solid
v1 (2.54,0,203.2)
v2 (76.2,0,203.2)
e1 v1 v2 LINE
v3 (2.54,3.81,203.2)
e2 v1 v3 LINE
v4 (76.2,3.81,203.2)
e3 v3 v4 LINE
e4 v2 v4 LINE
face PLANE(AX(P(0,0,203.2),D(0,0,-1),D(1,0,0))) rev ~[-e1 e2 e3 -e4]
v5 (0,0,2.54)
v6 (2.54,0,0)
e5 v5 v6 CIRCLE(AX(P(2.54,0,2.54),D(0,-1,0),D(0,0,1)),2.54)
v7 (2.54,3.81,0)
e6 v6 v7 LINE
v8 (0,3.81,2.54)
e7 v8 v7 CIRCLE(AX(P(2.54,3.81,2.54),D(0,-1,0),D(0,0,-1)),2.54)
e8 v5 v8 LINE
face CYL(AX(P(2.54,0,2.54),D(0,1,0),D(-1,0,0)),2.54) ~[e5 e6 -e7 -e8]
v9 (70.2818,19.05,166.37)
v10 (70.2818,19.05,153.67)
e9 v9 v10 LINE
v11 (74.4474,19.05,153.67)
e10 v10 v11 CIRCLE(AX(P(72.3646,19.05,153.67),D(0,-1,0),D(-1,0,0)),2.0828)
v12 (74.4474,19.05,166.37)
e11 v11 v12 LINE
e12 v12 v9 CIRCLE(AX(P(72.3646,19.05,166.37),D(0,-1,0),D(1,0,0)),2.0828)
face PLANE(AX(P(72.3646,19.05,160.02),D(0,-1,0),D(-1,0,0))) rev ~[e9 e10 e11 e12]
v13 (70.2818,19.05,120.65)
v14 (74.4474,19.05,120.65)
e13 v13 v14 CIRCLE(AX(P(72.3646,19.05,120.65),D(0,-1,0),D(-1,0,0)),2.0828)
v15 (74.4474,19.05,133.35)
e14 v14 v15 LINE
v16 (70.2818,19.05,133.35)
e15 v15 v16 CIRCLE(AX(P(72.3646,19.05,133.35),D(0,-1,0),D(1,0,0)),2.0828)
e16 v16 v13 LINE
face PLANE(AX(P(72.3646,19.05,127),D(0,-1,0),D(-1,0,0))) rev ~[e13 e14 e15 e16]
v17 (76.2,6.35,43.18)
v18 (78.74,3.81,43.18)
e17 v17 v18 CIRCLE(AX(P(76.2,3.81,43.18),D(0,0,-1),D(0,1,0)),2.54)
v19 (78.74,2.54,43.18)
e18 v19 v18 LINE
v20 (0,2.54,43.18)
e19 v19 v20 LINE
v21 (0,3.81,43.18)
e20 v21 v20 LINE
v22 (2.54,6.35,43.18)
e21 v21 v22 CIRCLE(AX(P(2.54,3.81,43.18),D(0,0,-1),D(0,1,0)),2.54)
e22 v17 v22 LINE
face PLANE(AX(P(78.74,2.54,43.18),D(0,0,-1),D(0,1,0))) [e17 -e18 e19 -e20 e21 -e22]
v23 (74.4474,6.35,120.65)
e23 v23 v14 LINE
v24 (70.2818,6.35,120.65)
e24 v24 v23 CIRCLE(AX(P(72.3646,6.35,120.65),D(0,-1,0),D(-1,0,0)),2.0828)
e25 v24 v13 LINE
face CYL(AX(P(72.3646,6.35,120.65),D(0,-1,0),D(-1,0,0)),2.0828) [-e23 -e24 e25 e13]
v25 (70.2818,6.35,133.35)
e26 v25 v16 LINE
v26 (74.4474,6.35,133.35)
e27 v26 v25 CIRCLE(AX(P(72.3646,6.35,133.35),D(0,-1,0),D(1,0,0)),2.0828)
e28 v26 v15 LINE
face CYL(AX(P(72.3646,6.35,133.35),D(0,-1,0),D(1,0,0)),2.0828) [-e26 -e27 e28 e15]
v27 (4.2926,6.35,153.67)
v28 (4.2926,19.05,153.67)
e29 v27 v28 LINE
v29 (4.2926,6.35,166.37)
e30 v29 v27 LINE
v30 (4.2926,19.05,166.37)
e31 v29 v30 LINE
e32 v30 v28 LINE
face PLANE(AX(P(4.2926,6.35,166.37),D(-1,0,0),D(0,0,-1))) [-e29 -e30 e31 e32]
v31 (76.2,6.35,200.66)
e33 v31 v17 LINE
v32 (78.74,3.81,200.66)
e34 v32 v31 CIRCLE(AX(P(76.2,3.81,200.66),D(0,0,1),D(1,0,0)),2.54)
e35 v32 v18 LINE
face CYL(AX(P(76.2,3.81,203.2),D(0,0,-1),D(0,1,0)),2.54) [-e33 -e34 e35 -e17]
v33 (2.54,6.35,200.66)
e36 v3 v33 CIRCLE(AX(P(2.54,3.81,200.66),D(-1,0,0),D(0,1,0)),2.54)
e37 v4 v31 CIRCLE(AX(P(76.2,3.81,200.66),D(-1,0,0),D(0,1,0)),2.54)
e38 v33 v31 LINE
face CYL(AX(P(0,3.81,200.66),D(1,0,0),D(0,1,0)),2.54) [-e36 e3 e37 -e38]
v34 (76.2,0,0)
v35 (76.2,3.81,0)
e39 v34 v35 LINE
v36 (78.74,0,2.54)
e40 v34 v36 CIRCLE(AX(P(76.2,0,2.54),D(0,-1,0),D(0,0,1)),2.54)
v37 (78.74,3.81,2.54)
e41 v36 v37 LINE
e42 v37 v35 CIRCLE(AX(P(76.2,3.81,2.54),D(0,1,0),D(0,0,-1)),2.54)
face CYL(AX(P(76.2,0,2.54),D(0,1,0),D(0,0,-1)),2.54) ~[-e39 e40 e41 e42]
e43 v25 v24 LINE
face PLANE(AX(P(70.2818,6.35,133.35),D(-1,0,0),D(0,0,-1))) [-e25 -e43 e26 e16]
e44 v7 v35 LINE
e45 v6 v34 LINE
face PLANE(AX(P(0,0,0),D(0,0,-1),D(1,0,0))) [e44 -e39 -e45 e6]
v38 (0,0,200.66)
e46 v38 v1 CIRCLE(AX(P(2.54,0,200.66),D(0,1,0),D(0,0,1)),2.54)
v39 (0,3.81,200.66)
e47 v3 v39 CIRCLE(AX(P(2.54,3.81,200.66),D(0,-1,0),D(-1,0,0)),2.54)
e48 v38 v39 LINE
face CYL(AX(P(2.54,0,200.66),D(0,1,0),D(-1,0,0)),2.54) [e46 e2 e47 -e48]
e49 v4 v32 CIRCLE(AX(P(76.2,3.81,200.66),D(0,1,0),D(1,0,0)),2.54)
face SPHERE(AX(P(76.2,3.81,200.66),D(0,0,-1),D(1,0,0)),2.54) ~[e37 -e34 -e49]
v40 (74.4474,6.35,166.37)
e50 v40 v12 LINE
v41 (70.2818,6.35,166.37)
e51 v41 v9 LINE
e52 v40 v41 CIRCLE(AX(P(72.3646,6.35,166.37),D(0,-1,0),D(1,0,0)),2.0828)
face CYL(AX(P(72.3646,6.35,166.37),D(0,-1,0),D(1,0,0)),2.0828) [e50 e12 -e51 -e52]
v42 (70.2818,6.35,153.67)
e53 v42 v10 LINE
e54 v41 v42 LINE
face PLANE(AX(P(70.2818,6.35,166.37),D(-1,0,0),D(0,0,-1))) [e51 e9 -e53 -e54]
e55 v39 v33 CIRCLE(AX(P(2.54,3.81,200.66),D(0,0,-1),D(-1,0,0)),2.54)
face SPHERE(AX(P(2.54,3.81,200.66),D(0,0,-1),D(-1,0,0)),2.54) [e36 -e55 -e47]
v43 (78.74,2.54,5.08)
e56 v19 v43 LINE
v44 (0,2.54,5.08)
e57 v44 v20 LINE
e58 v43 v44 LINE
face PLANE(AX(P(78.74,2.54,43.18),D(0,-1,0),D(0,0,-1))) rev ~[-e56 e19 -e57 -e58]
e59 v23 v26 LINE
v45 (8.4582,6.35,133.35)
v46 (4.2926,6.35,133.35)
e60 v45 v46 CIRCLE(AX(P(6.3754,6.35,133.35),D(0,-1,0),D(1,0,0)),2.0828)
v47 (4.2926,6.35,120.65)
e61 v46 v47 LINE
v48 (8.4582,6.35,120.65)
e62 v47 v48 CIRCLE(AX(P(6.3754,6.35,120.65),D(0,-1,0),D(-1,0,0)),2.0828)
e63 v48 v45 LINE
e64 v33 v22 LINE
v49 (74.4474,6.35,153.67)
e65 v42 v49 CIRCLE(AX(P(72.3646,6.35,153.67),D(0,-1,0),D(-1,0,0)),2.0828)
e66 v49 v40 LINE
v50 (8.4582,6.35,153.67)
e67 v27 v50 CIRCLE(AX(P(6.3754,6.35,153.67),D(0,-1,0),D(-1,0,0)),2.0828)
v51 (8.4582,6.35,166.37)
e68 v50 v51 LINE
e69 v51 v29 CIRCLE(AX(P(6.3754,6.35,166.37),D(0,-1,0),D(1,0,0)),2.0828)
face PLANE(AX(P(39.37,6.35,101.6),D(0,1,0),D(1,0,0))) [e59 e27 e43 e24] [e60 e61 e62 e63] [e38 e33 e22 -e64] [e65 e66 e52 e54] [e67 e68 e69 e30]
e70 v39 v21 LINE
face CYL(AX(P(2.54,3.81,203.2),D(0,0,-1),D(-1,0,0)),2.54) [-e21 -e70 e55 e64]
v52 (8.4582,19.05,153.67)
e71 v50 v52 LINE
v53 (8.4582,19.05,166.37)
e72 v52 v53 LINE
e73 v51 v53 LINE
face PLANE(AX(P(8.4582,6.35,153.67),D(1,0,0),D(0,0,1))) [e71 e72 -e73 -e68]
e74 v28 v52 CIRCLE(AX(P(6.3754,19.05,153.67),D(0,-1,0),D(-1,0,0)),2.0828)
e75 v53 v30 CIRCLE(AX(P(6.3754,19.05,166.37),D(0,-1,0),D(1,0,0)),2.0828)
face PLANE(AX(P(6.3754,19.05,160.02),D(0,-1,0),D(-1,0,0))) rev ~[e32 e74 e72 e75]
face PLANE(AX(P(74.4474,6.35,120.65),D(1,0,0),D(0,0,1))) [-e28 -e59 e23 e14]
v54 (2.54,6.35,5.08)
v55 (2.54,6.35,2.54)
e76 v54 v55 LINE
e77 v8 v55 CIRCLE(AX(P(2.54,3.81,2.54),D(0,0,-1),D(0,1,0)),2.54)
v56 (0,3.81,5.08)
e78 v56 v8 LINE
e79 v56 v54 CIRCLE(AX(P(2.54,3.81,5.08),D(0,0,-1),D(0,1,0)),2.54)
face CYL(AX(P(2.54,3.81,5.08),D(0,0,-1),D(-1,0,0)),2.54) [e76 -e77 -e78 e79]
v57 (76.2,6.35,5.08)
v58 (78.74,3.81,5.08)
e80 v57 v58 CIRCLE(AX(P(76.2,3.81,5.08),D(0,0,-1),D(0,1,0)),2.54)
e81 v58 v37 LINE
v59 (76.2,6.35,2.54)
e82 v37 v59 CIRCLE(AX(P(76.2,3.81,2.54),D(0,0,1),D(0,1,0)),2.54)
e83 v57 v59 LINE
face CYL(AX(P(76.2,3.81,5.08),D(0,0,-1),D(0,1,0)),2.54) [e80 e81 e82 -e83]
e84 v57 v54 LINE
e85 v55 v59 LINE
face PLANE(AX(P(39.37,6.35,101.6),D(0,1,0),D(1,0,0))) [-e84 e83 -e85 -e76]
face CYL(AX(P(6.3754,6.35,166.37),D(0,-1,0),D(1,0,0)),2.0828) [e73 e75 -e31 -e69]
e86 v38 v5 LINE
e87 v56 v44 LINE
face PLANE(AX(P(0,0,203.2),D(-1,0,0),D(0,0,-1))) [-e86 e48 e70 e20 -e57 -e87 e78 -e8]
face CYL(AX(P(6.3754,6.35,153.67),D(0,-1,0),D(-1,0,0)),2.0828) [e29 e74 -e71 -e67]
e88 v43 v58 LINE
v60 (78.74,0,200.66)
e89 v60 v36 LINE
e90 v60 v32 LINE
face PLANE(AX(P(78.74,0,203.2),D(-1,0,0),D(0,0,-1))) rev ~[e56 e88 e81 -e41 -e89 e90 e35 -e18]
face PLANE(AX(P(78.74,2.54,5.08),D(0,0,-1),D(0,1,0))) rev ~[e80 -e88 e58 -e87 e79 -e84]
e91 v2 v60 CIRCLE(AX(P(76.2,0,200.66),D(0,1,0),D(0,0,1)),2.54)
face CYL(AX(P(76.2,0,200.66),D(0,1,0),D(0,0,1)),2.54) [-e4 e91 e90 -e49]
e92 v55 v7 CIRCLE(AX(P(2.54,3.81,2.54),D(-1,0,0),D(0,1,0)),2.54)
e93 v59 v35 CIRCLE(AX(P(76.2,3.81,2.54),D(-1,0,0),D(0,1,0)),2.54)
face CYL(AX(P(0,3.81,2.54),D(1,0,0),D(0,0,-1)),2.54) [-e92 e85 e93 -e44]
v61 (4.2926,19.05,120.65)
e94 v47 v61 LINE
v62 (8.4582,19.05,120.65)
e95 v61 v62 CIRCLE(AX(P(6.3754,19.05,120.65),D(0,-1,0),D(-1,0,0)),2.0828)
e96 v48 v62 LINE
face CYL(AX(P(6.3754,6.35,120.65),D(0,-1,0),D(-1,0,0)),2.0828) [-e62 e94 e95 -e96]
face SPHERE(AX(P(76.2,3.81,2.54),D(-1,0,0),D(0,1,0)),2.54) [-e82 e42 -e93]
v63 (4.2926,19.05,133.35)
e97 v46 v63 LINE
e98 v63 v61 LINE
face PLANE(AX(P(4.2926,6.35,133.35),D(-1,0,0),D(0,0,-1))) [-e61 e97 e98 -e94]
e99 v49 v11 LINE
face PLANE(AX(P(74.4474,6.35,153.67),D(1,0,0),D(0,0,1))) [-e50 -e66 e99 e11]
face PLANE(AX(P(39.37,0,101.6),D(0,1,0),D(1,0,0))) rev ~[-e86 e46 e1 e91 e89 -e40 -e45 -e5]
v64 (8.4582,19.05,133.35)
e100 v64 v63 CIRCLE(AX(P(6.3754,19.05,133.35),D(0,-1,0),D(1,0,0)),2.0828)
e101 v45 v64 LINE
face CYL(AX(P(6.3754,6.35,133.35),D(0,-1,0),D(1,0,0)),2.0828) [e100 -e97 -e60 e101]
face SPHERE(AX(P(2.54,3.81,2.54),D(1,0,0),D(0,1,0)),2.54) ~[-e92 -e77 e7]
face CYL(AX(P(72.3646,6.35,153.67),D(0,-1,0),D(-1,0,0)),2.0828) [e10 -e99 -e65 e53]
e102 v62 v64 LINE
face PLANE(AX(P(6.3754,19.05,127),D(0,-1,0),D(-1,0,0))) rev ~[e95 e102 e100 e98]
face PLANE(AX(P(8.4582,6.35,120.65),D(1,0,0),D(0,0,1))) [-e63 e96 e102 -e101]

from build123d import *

# Parameters (mm, degrees)
SKETCH1_W            = 78.74
SKETCH1_H            = 203.2
BOSS_EXTRUDE1_DEPTH  = 6.35
BOSS_EXTRUDE2_DEPTH  = 12.7
LPATTERN2_COUNT      = 2
LPATTERN2_PITCH      = 65.9892
LPATTERN2_COUNT_DIR2 = 2
LPATTERN2_PITCH_DIR2 = 33.02
SKETCH3_W            = 38.1
SKETCH3_H            = 3.81
CUT_EXTRUDE1_DEPTH   = 219.753583056
FILLET1_R            = 2.54


with BuildPart() as part:
    # Sketch1 → Boss-Extrude1 (new body)
    with BuildSketch(Plane(origin=(0, 0, 0), x_dir=(1, 0, 0), z_dir=(0, 1, 0))):
        with Locations((39.37, -101.6)):
            Rectangle(SKETCH1_W, SKETCH1_H)
    extrude(amount=BOSS_EXTRUDE1_DEPTH)

    # Sketch2 → Boss-Extrude2 (add)
    with BuildSketch(Plane(origin=(0, 6.35, 0), x_dir=(1, 0, 0), z_dir=(0, 1, 0))):
        with BuildLine():
            Line((4.2926, -133.35), (4.2926, -120.65))
            ThreePointArc((4.2926, -120.65), (6.3754, -118.5672), (8.4582, -120.65))
            Line((8.4582, -120.65), (8.4582, -133.35))
            ThreePointArc((8.4582, -133.35), (6.3754, -135.4328), (4.2926, -133.35))
        make_face()
    boss_extrude2 = extrude(amount=BOSS_EXTRUDE2_DEPTH)

    # LPattern2: Boss-Extrude2 2 × 2
    with Locations(*[(i * LPATTERN2_PITCH, 0, j * LPATTERN2_PITCH_DIR2) for i in range(LPATTERN2_COUNT) for j in range(LPATTERN2_COUNT_DIR2) if (i, j) != (0, 0)]):
        add(boss_extrude2)

    # Sketch3 → Cut-Extrude1 (cut, through all)
    with BuildSketch(Plane(origin=(78.74, 0, 0), x_dir=(0, 0, -1), z_dir=(1, 0, 0))):
        with Locations((-24.13, 4.445)):
            Rectangle(SKETCH3_W, SKETCH3_H)
    extrude(amount=-CUT_EXTRUDE1_DEPTH, mode=Mode.SUBTRACT)

    # Fillet1
    fillet1_edges = [part.edges().sort_by_distance(p)[0] for p in [
        (78.74, 6.35, 123.19),
        (39.37, 6.35, 0),
        (0, 6.35, 2.54),
        (78.74, 6.35, 2.54),
        (0, 6.35, 123.19),
        (0, 3.175, 0),
        (78.74, 3.175, 0),
        (78.74, 3.175, 203.2),
        (0, 3.175, 203.2),
        (39.37, 6.35, 203.2),
    ]]
    fillet(fillet1_edges, radius=FILLET1_R)


solid = part.part
